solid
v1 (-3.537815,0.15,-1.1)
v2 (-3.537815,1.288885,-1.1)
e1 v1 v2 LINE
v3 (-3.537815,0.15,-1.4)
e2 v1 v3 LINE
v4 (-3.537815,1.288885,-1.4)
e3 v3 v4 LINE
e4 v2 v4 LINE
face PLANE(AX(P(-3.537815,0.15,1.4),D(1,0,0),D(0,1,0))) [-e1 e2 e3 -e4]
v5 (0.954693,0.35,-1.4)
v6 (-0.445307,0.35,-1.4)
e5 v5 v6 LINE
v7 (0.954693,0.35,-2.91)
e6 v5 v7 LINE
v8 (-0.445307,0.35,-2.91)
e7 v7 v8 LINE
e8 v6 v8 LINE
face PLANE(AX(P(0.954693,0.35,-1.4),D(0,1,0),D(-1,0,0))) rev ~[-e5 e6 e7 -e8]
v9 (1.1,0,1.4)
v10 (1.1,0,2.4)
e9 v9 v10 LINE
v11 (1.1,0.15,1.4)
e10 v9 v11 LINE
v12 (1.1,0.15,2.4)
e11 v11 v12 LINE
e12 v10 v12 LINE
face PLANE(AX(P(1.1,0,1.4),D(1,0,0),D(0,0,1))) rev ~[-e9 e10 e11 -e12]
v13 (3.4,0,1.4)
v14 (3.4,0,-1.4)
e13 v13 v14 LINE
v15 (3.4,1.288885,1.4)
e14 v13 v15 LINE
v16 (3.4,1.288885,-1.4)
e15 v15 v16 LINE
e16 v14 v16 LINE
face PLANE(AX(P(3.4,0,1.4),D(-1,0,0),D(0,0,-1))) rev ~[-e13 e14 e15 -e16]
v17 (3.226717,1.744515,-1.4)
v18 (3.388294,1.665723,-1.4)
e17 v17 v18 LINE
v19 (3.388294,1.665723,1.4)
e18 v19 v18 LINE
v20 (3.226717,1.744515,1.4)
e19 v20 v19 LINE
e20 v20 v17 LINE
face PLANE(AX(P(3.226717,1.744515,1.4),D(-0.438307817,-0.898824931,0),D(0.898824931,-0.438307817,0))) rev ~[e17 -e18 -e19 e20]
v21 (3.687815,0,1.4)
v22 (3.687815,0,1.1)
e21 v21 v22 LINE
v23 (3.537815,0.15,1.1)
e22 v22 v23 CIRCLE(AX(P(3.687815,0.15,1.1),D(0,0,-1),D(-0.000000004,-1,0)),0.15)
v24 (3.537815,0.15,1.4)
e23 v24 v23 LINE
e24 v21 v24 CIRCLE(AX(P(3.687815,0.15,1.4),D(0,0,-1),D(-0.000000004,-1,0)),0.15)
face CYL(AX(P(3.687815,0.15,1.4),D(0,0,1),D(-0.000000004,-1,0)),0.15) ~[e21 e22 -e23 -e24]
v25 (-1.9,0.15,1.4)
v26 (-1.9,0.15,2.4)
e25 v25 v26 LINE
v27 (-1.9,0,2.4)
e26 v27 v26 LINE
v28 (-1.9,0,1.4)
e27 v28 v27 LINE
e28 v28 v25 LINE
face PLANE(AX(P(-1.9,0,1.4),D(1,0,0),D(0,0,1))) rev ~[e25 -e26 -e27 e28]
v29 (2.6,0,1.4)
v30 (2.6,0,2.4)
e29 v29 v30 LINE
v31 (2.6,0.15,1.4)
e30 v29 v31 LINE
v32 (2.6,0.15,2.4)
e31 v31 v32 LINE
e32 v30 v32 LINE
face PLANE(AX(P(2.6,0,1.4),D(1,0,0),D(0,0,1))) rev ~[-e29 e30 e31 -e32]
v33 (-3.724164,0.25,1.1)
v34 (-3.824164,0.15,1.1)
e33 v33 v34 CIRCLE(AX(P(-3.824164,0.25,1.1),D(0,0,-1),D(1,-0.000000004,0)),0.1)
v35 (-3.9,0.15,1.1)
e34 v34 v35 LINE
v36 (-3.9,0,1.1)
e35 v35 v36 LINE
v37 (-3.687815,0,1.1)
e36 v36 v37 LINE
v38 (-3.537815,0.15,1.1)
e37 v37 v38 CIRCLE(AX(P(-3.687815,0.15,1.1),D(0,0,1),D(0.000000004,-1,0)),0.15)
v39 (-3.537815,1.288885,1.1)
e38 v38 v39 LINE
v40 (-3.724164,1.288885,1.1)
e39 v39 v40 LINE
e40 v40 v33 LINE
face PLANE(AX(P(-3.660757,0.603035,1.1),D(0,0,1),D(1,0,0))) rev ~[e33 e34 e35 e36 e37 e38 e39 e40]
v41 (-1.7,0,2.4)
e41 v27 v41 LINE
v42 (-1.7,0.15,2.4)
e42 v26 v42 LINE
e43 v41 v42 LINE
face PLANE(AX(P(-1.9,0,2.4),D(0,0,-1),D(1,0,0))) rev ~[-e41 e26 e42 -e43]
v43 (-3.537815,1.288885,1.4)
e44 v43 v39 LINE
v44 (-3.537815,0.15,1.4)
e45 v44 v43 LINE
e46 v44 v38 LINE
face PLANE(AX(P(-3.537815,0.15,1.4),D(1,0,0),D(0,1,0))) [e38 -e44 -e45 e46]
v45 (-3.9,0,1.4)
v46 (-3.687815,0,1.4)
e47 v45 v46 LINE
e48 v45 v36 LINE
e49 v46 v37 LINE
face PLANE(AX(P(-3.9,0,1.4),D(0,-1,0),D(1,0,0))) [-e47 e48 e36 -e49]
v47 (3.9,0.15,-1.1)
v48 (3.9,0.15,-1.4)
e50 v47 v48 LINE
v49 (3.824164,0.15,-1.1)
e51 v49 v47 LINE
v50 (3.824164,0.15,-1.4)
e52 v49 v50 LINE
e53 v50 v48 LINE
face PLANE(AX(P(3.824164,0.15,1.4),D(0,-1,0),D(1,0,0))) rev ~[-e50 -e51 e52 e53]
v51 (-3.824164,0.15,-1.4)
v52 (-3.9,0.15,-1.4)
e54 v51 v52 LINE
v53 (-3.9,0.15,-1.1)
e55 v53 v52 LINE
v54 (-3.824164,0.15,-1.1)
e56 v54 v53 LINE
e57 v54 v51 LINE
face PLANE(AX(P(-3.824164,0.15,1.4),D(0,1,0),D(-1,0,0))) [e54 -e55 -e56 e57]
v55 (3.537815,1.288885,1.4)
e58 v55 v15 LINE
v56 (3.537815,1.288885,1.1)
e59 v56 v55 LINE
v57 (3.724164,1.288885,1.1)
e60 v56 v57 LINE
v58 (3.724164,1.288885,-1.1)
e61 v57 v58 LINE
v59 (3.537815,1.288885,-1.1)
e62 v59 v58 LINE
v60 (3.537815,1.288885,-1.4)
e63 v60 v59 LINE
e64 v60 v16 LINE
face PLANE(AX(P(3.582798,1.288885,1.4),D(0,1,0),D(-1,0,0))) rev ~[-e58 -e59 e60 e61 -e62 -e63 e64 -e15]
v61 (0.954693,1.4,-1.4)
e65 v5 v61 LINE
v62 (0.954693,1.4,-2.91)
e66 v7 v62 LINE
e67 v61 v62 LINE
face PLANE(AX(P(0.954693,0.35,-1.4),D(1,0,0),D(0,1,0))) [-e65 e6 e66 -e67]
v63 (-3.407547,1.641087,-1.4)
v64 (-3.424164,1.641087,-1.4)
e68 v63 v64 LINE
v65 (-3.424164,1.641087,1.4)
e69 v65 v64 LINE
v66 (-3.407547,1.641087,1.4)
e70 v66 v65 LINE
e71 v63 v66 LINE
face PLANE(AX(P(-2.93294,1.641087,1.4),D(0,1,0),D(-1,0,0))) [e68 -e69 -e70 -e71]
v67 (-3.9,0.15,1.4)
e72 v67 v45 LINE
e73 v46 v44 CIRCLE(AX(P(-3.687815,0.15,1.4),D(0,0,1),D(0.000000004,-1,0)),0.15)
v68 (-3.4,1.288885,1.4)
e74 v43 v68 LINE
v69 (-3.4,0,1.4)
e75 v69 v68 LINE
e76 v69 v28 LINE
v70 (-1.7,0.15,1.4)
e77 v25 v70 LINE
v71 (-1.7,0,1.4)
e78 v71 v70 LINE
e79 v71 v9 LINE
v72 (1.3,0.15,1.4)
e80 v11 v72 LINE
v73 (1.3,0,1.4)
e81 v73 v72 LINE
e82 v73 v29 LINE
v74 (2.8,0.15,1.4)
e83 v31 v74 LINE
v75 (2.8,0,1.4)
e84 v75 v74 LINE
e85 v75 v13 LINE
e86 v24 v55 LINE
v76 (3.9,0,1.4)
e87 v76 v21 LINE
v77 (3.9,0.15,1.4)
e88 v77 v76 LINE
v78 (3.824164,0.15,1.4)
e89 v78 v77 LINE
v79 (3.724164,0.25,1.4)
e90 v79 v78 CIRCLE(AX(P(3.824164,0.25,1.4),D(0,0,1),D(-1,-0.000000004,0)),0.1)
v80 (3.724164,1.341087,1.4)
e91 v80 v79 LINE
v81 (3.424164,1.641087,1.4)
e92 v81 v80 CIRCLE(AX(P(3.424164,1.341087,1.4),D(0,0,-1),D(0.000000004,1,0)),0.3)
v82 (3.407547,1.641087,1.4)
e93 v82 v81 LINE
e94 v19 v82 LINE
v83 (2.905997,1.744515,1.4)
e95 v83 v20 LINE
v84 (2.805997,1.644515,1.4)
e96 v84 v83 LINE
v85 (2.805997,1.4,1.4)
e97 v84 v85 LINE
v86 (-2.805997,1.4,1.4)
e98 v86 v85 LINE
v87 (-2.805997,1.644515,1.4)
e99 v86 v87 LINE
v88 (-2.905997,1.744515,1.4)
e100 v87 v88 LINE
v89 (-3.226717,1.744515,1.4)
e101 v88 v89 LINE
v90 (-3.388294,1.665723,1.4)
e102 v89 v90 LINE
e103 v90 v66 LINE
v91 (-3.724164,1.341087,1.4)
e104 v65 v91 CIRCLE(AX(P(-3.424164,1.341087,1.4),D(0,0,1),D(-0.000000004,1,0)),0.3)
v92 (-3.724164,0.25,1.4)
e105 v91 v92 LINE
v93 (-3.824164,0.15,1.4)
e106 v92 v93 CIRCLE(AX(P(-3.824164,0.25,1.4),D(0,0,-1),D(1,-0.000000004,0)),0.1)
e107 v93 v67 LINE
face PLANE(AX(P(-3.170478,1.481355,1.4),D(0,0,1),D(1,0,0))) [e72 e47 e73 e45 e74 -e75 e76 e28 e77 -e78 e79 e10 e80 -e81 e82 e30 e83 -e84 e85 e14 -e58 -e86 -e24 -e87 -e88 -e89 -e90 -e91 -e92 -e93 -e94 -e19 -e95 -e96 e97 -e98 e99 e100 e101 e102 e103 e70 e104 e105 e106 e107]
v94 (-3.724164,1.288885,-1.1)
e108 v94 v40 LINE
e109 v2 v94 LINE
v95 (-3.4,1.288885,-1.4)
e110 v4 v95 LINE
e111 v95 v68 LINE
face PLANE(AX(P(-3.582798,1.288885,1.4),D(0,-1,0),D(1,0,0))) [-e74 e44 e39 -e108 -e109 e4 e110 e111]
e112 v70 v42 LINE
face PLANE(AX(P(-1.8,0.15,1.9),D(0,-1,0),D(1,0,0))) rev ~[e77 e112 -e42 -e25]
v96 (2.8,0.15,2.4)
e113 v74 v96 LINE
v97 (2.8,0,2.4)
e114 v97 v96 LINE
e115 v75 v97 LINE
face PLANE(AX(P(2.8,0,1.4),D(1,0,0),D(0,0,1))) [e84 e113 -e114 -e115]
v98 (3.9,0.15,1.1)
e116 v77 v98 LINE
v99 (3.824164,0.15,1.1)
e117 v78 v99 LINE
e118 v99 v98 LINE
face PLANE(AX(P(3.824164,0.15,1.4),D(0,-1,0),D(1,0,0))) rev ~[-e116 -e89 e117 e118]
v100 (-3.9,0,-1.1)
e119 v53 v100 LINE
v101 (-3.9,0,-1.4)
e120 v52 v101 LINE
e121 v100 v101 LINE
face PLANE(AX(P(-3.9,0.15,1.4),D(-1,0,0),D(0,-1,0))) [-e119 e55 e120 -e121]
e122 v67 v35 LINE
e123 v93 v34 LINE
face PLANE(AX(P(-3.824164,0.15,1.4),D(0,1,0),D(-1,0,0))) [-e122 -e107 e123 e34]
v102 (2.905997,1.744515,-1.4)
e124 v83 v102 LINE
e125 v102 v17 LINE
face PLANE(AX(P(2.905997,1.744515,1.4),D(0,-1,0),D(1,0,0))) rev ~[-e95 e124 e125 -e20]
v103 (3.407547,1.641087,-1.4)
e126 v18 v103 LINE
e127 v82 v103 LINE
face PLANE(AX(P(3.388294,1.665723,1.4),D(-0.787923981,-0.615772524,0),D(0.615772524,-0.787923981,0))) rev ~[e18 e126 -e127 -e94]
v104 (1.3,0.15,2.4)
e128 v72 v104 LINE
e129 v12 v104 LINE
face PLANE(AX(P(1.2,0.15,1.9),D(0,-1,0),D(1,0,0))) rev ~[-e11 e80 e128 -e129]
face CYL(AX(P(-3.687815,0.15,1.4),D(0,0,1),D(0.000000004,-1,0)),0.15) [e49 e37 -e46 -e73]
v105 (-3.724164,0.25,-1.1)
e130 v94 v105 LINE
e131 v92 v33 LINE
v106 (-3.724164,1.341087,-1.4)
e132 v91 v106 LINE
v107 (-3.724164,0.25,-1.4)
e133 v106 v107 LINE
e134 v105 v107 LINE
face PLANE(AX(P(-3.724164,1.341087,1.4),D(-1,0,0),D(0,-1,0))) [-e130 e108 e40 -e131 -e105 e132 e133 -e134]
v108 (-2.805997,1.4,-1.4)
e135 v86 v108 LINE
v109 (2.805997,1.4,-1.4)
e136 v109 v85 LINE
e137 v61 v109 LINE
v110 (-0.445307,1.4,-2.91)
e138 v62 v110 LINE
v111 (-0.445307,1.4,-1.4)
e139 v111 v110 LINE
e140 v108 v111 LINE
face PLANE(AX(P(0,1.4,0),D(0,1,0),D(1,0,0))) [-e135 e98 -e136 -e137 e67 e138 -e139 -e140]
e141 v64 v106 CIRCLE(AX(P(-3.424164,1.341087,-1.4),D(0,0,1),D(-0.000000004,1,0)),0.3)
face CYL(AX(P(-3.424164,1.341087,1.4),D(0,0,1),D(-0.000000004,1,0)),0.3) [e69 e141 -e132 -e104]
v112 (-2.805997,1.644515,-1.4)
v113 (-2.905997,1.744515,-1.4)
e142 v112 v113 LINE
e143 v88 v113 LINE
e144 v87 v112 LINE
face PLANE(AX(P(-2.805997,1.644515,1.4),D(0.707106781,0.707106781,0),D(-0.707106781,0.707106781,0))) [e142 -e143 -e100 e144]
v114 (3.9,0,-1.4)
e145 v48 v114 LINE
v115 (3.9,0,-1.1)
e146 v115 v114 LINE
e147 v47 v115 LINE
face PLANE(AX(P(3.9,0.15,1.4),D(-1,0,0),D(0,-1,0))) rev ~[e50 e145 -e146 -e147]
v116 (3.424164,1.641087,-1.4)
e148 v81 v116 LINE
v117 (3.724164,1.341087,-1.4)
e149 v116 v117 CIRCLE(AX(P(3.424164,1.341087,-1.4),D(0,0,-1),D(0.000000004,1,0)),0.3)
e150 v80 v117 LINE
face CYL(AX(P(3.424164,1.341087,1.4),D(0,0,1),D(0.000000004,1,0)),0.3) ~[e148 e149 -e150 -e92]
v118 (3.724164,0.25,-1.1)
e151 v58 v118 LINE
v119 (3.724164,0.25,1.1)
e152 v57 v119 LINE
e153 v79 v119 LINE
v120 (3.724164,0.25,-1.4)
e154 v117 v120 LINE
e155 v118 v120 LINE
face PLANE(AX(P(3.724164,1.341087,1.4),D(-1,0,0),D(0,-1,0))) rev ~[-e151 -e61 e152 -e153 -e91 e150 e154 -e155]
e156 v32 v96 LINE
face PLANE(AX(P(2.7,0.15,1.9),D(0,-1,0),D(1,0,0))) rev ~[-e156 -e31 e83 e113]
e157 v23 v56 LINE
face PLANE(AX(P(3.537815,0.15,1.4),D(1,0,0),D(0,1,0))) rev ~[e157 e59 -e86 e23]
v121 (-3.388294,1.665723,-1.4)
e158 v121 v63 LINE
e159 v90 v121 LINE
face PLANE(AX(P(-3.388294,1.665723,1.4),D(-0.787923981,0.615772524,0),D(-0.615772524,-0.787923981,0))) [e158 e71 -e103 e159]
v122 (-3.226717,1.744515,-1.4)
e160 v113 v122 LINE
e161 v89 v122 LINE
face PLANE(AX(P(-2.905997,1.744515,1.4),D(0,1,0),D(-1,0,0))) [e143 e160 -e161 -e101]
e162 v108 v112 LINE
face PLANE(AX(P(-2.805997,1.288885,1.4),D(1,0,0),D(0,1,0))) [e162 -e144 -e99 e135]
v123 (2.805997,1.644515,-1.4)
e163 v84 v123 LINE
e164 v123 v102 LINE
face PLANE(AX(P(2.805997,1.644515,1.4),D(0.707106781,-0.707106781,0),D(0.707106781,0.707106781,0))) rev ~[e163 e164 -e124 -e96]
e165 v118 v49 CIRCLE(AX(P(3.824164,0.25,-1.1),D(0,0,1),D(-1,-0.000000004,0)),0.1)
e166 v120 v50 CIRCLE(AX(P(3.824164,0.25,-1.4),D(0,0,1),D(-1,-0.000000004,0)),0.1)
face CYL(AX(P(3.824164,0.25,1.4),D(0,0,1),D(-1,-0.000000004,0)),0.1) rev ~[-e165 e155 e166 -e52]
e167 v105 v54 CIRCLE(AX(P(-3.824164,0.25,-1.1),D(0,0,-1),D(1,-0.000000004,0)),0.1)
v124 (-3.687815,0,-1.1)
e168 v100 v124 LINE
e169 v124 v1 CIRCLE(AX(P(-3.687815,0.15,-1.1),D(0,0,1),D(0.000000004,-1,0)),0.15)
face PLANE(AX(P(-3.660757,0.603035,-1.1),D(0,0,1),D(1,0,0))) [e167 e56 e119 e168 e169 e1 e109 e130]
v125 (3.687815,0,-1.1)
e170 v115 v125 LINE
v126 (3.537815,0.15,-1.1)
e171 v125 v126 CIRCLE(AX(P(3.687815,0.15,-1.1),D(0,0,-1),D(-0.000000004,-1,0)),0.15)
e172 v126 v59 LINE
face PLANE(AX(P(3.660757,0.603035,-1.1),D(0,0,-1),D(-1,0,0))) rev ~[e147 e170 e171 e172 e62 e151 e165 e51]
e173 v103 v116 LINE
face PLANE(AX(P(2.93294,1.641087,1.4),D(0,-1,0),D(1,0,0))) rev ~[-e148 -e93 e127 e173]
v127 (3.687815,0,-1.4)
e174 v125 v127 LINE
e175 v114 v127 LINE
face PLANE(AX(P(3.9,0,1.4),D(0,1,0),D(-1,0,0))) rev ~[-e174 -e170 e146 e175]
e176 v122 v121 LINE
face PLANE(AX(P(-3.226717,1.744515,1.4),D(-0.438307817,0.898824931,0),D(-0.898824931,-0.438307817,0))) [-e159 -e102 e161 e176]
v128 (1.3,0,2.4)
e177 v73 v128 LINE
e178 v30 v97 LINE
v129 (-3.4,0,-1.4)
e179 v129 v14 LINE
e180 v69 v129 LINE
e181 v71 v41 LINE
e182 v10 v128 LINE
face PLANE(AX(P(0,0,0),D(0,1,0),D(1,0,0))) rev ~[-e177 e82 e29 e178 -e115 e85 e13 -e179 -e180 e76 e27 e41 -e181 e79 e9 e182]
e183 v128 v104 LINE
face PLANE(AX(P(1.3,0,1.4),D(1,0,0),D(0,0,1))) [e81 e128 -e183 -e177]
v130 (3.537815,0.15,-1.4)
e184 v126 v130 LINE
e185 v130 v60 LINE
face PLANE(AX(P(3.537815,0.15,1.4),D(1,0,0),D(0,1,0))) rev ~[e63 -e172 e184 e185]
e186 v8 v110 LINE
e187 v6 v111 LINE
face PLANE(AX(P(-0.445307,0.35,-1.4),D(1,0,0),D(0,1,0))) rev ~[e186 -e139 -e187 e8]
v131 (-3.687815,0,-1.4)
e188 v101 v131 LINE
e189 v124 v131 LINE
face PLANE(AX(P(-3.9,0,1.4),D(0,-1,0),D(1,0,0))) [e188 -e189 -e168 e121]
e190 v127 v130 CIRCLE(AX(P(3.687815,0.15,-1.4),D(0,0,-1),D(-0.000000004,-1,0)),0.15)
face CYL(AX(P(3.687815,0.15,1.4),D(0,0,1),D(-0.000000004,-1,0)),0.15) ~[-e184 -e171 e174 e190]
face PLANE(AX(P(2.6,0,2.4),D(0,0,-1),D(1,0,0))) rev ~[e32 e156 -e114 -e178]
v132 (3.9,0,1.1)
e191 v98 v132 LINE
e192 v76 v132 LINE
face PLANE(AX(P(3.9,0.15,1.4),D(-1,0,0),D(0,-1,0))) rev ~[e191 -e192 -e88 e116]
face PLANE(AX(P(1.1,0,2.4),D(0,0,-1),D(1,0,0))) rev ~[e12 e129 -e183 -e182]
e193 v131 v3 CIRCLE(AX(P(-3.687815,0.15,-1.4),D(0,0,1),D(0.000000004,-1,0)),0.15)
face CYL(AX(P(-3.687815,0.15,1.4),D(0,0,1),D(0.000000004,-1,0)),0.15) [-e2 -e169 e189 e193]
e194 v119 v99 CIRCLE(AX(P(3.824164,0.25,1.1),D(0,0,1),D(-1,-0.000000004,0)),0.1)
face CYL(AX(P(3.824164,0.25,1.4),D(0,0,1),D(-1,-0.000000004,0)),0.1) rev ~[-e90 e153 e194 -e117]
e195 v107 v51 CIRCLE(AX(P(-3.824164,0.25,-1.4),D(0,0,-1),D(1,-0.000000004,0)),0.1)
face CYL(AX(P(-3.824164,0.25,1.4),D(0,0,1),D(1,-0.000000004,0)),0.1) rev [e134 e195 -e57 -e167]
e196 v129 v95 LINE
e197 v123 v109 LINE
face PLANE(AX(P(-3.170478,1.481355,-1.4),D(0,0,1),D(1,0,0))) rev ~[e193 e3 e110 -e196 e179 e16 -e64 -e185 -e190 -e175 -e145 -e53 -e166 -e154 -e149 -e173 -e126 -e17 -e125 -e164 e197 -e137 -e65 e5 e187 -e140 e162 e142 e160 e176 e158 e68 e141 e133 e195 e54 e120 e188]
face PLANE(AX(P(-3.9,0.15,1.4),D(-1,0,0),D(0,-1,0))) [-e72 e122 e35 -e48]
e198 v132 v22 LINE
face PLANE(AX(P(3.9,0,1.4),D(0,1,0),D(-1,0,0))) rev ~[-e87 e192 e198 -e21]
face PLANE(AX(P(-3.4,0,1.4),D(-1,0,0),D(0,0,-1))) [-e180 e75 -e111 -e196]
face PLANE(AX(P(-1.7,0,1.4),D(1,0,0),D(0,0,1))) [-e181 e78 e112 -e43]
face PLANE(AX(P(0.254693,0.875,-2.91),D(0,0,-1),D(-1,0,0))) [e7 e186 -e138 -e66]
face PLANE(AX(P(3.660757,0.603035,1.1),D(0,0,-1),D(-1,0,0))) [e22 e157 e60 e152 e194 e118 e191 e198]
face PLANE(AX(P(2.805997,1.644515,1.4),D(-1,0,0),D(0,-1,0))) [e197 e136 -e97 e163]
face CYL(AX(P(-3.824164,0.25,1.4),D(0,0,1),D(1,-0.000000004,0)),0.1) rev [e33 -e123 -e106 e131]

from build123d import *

# Parameters (mm, degrees)
SKETCH1_W             = 6.8
SKETCH1_H             = 2.8
BOSS_EXTRUDE1_DEPTH   = 1.4
BOSS_EXTRUDE2_DEPTH   = 2.8
BOSS_EXTRUDE2_2_DEPTH = 2.8
BOSS_EXTRUDE3_DEPTH   = 2.8
CUT_EXTRUDE1_DEPTH    = 1.1
SKETCH8_W             = 0.2
SKETCH8_H             = 1
BOSS_EXTRUDE4_DEPTH   = 0.15
SKETCH9_W             = 1.4
SKETCH9_H             = 1.05
BOSS_EXTRUDE5_DEPTH   = 1.51


with BuildPart() as part:
    # Sketch1 → Boss-Extrude1 (new body)
    with BuildSketch(Plane(origin=(0, 0, 0), x_dir=(1, 0, 0), z_dir=(0, 1, 0))):
        Rectangle(SKETCH1_W, SKETCH1_H)
    extrude(amount=BOSS_EXTRUDE1_DEPTH)



with BuildPart() as body_2:
    # Sketch3 → Boss-Extrude2 (new body)
    with BuildSketch(Plane.XY.offset(1.4)):
        with BuildLine():
            Line((-3.9, 0), (-3.687815007, 0))
            ThreePointArc((-3.687815007, 0), (-3.58174899, 0.043933983), (-3.537815007, 0.15))
            Line((-3.537815007, 0.15), (-3.537815007, 1.44554352))
            Line((-3.537815007, 1.44554352), (-2.932940076, 1.44554352))
            Line((-2.932940076, 1.44554352), (-2.932940076, 1.641087041))
            Line((-2.932940076, 1.641087041), (-3.424164264, 1.641087041))
            ThreePointArc((-3.424164264, 1.641087041), (-3.636296298, 1.553219075), (-3.724164264, 1.341087041))
            Line((-3.724164264, 1.341087041), (-3.724164264, 0.25))
            ThreePointArc((-3.724164264, 0.25), (-3.753453586, 0.179289322), (-3.824164264, 0.15))
            Line((-3.824164264, 0.15), (-3.9, 0.15))
            Line((-3.9, 0.15), (-3.9, 0))
        make_face()
    extrude(amount=-BOSS_EXTRUDE2_DEPTH)


with BuildPart() as body_3:
    # Sketch3 → Boss-Extrude2 2 (new body)
    with BuildSketch(Plane.XY.offset(1.4)):
        with BuildLine():
            Line((3.824164264, 0.15), (3.9, 0.15))
            Line((3.9, 0.15), (3.9, 0))
            Line((3.9, 0), (3.687815007, 0))
            ThreePointArc((3.687815007, 0), (3.58174899, 0.043933983), (3.537815007, 0.15))
            Line((3.537815007, 0.15), (3.537815007, 1.44554352))
            Line((3.537815007, 1.44554352), (2.932940076, 1.44554352))
            Line((2.932940076, 1.44554352), (2.932940076, 1.641087041))
            Line((2.932940076, 1.641087041), (3.424164264, 1.641087041))
            ThreePointArc((3.424164264, 1.641087041), (3.636296298, 1.553219075), (3.724164264, 1.341087041))
            Line((3.724164264, 1.341087041), (3.724164264, 0.25))
            ThreePointArc((3.724164264, 0.25), (3.753453586, 0.179289322), (3.824164264, 0.15))
        make_face()
    extrude(amount=-BOSS_EXTRUDE2_2_DEPTH)


with BuildPart() as part_1:
    add(part.part)

    add(body_2.part)  # Boss-Extrude3 merges body 2

    add(body_3.part)  # Boss-Extrude3 merges body 3
    # Sketch4 → Boss-Extrude3 (add)
    with BuildSketch(Plane.XY.offset(1.4)):
        Polygon((-2.805997344, 1.4), (-2.805997344, 1.644514916), (-2.905997344, 1.744514916), (-3.226717158, 1.744514916), (-3.38829441, 1.665722517), (-3.621220366, 1.367677477), (-3.582797618, 1.288885079), (-2.805997344, 1.288885079), align=None)
        Polygon((3.582797618, 1.288885079), (2.805997344, 1.288885079), (2.805997344, 1.4), (2.805997344, 1.644514916), (2.905997344, 1.744514916), (3.226717158, 1.744514916), (3.38829441, 1.665722517), (3.621220366, 1.367677477), align=None)
    extrude(amount=-BOSS_EXTRUDE3_DEPTH)

    # Sketch6 → Cut-Extrude1 (cut, symmetric)
    with BuildSketch(Plane.XY):
        with BuildLine():
            Line((-3.537815007, 1.288885079), (-3.724164264, 1.288885079))
            Line((-3.724164264, 1.288885079), (-3.724164264, 0.25))
            ThreePointArc((-3.724164264, 0.25), (-3.753453586, 0.179289322), (-3.824164264, 0.15))
            Line((-3.824164264, 0.15), (-3.9, 0.15))
            Line((-3.9, 0.15), (-3.9, 0))
            Line((-3.9, 0), (-3.687815007, 0))
            ThreePointArc((-3.687815007, 0), (-3.58174899, 0.043933983), (-3.537815007, 0.15))
            Line((-3.537815007, 0.15), (-3.537815007, 1.288885079))
        make_face()
        with BuildLine():
            Line((3.537815007, 1.288885079), (3.724164264, 1.288885079))
            Line((3.724164264, 1.288885079), (3.724164264, 0.25))
            ThreePointArc((3.724164264, 0.25), (3.753453586, 0.179289322), (3.824164264, 0.15))
            Line((3.824164264, 0.15), (3.9, 0.15))
            Line((3.9, 0.15), (3.9, 0))
            Line((3.9, 0), (3.687815007, 0))
            ThreePointArc((3.687815007, 0), (3.58174899, 0.043933983), (3.537815007, 0.15))
            Line((3.537815007, 0.15), (3.537815007, 1.288885079))
        make_face()
    extrude(amount=CUT_EXTRUDE1_DEPTH, both=True, mode=Mode.SUBTRACT)

    # Sketch8 → Boss-Extrude4 (add)
    with BuildSketch(Plane.XZ):
        with Locations((-1.8, 1.9)):
            Rectangle(SKETCH8_W, SKETCH8_H)
        with Locations((1.2, 1.9)):
            Rectangle(SKETCH8_W, SKETCH8_H)
        with Locations((2.7, 1.9)):
            Rectangle(SKETCH8_W, SKETCH8_H)
    extrude(amount=-BOSS_EXTRUDE4_DEPTH)

    # Sketch9 → Boss-Extrude5 (add)
    with BuildSketch(Plane(origin=(0, 0, -1.4), x_dir=(-1, 0, 0), z_dir=(0, 0, -1))):
        with Locations((-0.254692735, 0.875)):
            Rectangle(SKETCH9_W, SKETCH9_H)
    extrude(amount=BOSS_EXTRUDE5_DEPTH)


solid = part_1.part
